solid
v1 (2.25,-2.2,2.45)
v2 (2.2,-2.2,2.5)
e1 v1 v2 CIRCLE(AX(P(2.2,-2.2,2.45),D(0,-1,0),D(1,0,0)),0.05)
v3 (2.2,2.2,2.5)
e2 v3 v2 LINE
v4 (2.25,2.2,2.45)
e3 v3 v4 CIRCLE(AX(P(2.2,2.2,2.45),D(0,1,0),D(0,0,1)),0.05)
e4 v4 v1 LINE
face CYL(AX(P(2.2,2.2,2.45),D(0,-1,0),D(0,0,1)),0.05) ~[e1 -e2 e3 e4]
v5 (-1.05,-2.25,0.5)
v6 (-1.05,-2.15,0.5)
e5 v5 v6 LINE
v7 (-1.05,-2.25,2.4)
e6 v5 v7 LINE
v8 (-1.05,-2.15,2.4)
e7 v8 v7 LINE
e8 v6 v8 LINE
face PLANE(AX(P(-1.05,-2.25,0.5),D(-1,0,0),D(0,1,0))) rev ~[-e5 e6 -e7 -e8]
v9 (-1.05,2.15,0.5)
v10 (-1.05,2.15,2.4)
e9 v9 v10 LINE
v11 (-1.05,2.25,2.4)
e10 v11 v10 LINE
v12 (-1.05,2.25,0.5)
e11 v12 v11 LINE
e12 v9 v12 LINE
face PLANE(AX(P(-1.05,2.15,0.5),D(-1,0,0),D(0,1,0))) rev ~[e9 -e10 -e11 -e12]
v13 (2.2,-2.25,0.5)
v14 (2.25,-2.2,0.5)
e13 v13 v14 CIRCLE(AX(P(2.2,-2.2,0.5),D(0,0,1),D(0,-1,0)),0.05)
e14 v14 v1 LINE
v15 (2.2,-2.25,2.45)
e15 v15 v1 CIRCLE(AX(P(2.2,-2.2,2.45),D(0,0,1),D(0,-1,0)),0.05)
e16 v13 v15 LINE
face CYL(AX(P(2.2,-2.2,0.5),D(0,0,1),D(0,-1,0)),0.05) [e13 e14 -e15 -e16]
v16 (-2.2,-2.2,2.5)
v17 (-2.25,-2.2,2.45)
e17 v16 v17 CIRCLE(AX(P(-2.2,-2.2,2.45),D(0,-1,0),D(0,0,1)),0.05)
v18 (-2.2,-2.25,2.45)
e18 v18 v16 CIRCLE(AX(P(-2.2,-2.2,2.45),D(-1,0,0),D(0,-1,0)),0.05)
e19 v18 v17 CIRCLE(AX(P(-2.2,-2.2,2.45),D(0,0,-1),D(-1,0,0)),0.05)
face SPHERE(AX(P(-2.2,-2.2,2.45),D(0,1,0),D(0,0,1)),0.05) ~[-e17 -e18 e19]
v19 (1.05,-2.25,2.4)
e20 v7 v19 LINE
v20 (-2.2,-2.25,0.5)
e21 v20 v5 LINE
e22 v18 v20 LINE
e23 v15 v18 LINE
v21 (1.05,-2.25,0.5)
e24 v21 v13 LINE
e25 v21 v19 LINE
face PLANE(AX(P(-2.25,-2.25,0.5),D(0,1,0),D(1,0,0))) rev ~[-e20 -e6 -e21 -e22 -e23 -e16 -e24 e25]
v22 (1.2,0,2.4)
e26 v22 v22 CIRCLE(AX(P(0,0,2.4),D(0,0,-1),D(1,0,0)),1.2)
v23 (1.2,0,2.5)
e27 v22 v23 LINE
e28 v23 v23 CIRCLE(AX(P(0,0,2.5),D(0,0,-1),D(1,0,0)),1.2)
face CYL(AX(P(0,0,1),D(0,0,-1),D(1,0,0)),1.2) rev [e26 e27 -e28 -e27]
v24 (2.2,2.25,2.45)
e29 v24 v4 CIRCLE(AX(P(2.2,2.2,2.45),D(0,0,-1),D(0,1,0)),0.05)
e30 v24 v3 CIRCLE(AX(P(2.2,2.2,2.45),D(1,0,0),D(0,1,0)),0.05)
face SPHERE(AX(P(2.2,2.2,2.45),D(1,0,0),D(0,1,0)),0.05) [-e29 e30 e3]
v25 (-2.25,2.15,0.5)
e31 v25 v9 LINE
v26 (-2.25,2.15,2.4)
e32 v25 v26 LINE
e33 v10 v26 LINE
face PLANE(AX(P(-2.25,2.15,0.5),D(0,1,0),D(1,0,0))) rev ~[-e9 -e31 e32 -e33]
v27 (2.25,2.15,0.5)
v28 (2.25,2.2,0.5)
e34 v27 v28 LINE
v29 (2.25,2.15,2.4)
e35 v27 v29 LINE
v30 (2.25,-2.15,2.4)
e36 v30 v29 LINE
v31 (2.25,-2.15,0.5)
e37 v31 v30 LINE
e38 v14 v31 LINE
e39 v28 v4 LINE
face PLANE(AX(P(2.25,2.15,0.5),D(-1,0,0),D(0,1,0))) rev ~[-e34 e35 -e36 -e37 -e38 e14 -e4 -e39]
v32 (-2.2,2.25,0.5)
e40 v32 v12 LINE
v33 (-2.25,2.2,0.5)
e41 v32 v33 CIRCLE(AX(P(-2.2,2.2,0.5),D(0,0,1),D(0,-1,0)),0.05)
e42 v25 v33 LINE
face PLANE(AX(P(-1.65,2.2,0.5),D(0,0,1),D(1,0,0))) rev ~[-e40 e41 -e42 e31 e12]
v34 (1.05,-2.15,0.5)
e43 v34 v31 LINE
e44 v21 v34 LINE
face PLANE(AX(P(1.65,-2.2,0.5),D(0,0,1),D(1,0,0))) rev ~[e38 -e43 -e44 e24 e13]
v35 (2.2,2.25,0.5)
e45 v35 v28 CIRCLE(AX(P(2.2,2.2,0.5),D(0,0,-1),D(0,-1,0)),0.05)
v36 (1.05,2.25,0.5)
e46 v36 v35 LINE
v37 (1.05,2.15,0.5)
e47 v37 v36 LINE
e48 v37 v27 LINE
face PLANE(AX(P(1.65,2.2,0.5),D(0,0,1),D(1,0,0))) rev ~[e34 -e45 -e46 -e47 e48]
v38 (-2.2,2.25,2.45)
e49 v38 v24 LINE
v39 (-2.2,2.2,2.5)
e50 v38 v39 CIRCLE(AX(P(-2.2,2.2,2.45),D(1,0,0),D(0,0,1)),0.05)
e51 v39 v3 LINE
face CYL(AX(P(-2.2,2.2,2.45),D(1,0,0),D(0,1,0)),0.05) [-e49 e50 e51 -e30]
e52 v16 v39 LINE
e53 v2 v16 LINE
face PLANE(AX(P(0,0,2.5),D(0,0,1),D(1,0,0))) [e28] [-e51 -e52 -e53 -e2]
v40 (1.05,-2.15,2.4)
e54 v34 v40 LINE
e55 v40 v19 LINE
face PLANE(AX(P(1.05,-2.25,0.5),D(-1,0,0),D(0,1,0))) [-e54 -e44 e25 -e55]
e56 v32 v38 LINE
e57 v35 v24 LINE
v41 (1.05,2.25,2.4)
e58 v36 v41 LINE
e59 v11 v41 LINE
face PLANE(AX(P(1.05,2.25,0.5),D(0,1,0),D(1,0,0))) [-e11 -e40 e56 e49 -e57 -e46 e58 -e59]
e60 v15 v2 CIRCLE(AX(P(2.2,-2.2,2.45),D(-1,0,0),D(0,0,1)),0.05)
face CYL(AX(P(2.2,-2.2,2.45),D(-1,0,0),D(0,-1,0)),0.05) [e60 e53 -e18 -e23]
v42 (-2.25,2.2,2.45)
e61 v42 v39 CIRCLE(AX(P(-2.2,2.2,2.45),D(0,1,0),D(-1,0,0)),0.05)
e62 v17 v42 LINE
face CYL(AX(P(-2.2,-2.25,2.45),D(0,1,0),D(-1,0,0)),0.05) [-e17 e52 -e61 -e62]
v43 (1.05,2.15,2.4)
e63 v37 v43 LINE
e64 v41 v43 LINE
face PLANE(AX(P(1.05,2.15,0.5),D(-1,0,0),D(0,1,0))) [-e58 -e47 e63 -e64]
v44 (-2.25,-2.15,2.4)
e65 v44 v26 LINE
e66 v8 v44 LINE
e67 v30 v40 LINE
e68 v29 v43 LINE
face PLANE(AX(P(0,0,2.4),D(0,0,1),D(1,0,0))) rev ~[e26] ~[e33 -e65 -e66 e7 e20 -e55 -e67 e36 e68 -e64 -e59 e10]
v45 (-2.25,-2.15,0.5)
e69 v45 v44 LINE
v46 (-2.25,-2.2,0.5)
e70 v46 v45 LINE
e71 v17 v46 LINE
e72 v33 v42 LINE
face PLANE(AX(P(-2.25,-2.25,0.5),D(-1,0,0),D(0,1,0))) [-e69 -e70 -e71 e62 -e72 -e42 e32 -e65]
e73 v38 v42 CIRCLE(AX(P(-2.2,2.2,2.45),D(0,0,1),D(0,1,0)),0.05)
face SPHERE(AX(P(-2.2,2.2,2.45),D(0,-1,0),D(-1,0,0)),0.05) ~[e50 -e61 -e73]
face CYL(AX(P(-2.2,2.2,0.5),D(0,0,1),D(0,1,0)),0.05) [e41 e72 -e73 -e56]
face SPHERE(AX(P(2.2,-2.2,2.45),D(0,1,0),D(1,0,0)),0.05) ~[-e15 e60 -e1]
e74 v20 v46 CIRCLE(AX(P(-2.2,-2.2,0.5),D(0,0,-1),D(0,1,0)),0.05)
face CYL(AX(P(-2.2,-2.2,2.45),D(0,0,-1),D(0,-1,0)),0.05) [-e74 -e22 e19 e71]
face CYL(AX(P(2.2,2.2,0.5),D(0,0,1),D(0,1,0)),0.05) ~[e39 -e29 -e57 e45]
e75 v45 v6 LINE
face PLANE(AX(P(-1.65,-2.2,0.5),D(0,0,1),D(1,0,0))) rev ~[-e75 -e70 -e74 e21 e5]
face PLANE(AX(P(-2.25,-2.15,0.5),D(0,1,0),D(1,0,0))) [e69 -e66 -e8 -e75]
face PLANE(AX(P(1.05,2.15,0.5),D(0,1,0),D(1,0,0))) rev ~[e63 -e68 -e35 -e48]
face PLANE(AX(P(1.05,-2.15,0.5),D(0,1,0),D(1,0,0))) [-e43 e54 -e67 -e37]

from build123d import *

# Parameters (mm, degrees)
CYLINDER_R     = 1.2
CYLINDER_DEPTH = 2
BOX008_W       = 1.2
BOX008_H       = 0.1
BOX008_DEPTH   = 2
BOX002_W       = 1.2
BOX002_H       = 0.1
BOX002_DEPTH   = 2
BOX001_W       = 1.2
BOX001_H       = 0.1
BOX001_DEPTH   = 2
BOX007_W       = 1.2
BOX007_H       = 0.1
BOX007_DEPTH   = 2
BOX_W          = 4.5
BOX_H          = 4.5
BOX_DEPTH      = 0.1
FILLET001_R    = 0.05
FILLET002_R    = 0.05
FILLET003_R    = 0.05
FILLET004_R    = 0.05


with BuildPart() as cylinder:
    # Cylinder → Cylinder (new body)
    with BuildSketch(Plane.XY.offset(1)):
        Circle(CYLINDER_R)
    extrude(amount=CYLINDER_DEPTH)


with BuildPart() as kub008:
    # Box008 → Box008 (new body)
    with BuildSketch(Plane(origin=(-2.25, -2.25, 0.5), x_dir=(1, 0, 0), z_dir=(0, 0, 1))):
        with Locations((0.6, 0.05)):
            Rectangle(BOX008_W, BOX008_H)
    extrude(amount=BOX008_DEPTH)


with BuildPart() as kub002:
    # Box002 → Box002 (new body)
    with BuildSketch(Plane(origin=(1.05, 2.15, 0.5), x_dir=(1, 0, 0), z_dir=(0, 0, 1))):
        with Locations((0.6, 0.05)):
            Rectangle(BOX002_W, BOX002_H)
    extrude(amount=BOX002_DEPTH)


with BuildPart() as kub001:
    # Box001 → Box001 (new body)
    with BuildSketch(Plane(origin=(-2.25, 2.15, 0.5), x_dir=(1, 0, 0), z_dir=(0, 0, 1))):
        with Locations((0.6, 0.05)):
            Rectangle(BOX001_W, BOX001_H)
    extrude(amount=BOX001_DEPTH)


with BuildPart() as kub007:
    # Box007 → Box007 (new body)
    with BuildSketch(Plane(origin=(1.05, -2.25, 0.5), x_dir=(1, 0, 0), z_dir=(0, 0, 1))):
        with Locations((0.6, 0.05)):
            Rectangle(BOX007_W, BOX007_H)
    extrude(amount=BOX007_DEPTH)


with BuildPart() as cut004:
    # Box → Box (new body)
    with BuildSketch(Plane(origin=(-2.25, -2.25, 2.4), x_dir=(1, 0, 0), z_dir=(0, 0, 1))):
        with Locations((2.25, 2.25)):
            Rectangle(BOX_W, BOX_H)
    extrude(amount=BOX_DEPTH)

    # Fusion: union Kub007
    add(kub007.part)

    # Fusion001: union Kub001
    add(kub001.part)

    # Fusion002: union Kub002
    add(kub002.part)

    # Fusion003: union Kub008
    add(kub008.part)

    # Fillet001
    fillet001_edges = [cut004.edges().sort_by_distance(p)[0] for p in [
        (-2.25, 0, 2.5),
    ]]
    fillet(fillet001_edges, radius=FILLET001_R)

    # Fillet002
    fillet002_edges = [cut004.edges().sort_by_distance(p)[0] for p in [
        (0, 2.25, 2.5),
    ]]
    fillet(fillet002_edges, radius=FILLET002_R)

    # Fillet003
    fillet003_edges = [cut004.edges().sort_by_distance(p)[0] for p in [
        (2.25, 0, 2.5),
    ]]
    fillet(fillet003_edges, radius=FILLET003_R)

    # Fillet004
    fillet004_edges = [cut004.edges().sort_by_distance(p)[0] for p in [
        (0, -2.25, 2.5),
    ]]
    fillet(fillet004_edges, radius=FILLET004_R)

    # Cut004: cut Cylinder
    add(cylinder.part, mode=Mode.SUBTRACT)


solid = cut004.part
